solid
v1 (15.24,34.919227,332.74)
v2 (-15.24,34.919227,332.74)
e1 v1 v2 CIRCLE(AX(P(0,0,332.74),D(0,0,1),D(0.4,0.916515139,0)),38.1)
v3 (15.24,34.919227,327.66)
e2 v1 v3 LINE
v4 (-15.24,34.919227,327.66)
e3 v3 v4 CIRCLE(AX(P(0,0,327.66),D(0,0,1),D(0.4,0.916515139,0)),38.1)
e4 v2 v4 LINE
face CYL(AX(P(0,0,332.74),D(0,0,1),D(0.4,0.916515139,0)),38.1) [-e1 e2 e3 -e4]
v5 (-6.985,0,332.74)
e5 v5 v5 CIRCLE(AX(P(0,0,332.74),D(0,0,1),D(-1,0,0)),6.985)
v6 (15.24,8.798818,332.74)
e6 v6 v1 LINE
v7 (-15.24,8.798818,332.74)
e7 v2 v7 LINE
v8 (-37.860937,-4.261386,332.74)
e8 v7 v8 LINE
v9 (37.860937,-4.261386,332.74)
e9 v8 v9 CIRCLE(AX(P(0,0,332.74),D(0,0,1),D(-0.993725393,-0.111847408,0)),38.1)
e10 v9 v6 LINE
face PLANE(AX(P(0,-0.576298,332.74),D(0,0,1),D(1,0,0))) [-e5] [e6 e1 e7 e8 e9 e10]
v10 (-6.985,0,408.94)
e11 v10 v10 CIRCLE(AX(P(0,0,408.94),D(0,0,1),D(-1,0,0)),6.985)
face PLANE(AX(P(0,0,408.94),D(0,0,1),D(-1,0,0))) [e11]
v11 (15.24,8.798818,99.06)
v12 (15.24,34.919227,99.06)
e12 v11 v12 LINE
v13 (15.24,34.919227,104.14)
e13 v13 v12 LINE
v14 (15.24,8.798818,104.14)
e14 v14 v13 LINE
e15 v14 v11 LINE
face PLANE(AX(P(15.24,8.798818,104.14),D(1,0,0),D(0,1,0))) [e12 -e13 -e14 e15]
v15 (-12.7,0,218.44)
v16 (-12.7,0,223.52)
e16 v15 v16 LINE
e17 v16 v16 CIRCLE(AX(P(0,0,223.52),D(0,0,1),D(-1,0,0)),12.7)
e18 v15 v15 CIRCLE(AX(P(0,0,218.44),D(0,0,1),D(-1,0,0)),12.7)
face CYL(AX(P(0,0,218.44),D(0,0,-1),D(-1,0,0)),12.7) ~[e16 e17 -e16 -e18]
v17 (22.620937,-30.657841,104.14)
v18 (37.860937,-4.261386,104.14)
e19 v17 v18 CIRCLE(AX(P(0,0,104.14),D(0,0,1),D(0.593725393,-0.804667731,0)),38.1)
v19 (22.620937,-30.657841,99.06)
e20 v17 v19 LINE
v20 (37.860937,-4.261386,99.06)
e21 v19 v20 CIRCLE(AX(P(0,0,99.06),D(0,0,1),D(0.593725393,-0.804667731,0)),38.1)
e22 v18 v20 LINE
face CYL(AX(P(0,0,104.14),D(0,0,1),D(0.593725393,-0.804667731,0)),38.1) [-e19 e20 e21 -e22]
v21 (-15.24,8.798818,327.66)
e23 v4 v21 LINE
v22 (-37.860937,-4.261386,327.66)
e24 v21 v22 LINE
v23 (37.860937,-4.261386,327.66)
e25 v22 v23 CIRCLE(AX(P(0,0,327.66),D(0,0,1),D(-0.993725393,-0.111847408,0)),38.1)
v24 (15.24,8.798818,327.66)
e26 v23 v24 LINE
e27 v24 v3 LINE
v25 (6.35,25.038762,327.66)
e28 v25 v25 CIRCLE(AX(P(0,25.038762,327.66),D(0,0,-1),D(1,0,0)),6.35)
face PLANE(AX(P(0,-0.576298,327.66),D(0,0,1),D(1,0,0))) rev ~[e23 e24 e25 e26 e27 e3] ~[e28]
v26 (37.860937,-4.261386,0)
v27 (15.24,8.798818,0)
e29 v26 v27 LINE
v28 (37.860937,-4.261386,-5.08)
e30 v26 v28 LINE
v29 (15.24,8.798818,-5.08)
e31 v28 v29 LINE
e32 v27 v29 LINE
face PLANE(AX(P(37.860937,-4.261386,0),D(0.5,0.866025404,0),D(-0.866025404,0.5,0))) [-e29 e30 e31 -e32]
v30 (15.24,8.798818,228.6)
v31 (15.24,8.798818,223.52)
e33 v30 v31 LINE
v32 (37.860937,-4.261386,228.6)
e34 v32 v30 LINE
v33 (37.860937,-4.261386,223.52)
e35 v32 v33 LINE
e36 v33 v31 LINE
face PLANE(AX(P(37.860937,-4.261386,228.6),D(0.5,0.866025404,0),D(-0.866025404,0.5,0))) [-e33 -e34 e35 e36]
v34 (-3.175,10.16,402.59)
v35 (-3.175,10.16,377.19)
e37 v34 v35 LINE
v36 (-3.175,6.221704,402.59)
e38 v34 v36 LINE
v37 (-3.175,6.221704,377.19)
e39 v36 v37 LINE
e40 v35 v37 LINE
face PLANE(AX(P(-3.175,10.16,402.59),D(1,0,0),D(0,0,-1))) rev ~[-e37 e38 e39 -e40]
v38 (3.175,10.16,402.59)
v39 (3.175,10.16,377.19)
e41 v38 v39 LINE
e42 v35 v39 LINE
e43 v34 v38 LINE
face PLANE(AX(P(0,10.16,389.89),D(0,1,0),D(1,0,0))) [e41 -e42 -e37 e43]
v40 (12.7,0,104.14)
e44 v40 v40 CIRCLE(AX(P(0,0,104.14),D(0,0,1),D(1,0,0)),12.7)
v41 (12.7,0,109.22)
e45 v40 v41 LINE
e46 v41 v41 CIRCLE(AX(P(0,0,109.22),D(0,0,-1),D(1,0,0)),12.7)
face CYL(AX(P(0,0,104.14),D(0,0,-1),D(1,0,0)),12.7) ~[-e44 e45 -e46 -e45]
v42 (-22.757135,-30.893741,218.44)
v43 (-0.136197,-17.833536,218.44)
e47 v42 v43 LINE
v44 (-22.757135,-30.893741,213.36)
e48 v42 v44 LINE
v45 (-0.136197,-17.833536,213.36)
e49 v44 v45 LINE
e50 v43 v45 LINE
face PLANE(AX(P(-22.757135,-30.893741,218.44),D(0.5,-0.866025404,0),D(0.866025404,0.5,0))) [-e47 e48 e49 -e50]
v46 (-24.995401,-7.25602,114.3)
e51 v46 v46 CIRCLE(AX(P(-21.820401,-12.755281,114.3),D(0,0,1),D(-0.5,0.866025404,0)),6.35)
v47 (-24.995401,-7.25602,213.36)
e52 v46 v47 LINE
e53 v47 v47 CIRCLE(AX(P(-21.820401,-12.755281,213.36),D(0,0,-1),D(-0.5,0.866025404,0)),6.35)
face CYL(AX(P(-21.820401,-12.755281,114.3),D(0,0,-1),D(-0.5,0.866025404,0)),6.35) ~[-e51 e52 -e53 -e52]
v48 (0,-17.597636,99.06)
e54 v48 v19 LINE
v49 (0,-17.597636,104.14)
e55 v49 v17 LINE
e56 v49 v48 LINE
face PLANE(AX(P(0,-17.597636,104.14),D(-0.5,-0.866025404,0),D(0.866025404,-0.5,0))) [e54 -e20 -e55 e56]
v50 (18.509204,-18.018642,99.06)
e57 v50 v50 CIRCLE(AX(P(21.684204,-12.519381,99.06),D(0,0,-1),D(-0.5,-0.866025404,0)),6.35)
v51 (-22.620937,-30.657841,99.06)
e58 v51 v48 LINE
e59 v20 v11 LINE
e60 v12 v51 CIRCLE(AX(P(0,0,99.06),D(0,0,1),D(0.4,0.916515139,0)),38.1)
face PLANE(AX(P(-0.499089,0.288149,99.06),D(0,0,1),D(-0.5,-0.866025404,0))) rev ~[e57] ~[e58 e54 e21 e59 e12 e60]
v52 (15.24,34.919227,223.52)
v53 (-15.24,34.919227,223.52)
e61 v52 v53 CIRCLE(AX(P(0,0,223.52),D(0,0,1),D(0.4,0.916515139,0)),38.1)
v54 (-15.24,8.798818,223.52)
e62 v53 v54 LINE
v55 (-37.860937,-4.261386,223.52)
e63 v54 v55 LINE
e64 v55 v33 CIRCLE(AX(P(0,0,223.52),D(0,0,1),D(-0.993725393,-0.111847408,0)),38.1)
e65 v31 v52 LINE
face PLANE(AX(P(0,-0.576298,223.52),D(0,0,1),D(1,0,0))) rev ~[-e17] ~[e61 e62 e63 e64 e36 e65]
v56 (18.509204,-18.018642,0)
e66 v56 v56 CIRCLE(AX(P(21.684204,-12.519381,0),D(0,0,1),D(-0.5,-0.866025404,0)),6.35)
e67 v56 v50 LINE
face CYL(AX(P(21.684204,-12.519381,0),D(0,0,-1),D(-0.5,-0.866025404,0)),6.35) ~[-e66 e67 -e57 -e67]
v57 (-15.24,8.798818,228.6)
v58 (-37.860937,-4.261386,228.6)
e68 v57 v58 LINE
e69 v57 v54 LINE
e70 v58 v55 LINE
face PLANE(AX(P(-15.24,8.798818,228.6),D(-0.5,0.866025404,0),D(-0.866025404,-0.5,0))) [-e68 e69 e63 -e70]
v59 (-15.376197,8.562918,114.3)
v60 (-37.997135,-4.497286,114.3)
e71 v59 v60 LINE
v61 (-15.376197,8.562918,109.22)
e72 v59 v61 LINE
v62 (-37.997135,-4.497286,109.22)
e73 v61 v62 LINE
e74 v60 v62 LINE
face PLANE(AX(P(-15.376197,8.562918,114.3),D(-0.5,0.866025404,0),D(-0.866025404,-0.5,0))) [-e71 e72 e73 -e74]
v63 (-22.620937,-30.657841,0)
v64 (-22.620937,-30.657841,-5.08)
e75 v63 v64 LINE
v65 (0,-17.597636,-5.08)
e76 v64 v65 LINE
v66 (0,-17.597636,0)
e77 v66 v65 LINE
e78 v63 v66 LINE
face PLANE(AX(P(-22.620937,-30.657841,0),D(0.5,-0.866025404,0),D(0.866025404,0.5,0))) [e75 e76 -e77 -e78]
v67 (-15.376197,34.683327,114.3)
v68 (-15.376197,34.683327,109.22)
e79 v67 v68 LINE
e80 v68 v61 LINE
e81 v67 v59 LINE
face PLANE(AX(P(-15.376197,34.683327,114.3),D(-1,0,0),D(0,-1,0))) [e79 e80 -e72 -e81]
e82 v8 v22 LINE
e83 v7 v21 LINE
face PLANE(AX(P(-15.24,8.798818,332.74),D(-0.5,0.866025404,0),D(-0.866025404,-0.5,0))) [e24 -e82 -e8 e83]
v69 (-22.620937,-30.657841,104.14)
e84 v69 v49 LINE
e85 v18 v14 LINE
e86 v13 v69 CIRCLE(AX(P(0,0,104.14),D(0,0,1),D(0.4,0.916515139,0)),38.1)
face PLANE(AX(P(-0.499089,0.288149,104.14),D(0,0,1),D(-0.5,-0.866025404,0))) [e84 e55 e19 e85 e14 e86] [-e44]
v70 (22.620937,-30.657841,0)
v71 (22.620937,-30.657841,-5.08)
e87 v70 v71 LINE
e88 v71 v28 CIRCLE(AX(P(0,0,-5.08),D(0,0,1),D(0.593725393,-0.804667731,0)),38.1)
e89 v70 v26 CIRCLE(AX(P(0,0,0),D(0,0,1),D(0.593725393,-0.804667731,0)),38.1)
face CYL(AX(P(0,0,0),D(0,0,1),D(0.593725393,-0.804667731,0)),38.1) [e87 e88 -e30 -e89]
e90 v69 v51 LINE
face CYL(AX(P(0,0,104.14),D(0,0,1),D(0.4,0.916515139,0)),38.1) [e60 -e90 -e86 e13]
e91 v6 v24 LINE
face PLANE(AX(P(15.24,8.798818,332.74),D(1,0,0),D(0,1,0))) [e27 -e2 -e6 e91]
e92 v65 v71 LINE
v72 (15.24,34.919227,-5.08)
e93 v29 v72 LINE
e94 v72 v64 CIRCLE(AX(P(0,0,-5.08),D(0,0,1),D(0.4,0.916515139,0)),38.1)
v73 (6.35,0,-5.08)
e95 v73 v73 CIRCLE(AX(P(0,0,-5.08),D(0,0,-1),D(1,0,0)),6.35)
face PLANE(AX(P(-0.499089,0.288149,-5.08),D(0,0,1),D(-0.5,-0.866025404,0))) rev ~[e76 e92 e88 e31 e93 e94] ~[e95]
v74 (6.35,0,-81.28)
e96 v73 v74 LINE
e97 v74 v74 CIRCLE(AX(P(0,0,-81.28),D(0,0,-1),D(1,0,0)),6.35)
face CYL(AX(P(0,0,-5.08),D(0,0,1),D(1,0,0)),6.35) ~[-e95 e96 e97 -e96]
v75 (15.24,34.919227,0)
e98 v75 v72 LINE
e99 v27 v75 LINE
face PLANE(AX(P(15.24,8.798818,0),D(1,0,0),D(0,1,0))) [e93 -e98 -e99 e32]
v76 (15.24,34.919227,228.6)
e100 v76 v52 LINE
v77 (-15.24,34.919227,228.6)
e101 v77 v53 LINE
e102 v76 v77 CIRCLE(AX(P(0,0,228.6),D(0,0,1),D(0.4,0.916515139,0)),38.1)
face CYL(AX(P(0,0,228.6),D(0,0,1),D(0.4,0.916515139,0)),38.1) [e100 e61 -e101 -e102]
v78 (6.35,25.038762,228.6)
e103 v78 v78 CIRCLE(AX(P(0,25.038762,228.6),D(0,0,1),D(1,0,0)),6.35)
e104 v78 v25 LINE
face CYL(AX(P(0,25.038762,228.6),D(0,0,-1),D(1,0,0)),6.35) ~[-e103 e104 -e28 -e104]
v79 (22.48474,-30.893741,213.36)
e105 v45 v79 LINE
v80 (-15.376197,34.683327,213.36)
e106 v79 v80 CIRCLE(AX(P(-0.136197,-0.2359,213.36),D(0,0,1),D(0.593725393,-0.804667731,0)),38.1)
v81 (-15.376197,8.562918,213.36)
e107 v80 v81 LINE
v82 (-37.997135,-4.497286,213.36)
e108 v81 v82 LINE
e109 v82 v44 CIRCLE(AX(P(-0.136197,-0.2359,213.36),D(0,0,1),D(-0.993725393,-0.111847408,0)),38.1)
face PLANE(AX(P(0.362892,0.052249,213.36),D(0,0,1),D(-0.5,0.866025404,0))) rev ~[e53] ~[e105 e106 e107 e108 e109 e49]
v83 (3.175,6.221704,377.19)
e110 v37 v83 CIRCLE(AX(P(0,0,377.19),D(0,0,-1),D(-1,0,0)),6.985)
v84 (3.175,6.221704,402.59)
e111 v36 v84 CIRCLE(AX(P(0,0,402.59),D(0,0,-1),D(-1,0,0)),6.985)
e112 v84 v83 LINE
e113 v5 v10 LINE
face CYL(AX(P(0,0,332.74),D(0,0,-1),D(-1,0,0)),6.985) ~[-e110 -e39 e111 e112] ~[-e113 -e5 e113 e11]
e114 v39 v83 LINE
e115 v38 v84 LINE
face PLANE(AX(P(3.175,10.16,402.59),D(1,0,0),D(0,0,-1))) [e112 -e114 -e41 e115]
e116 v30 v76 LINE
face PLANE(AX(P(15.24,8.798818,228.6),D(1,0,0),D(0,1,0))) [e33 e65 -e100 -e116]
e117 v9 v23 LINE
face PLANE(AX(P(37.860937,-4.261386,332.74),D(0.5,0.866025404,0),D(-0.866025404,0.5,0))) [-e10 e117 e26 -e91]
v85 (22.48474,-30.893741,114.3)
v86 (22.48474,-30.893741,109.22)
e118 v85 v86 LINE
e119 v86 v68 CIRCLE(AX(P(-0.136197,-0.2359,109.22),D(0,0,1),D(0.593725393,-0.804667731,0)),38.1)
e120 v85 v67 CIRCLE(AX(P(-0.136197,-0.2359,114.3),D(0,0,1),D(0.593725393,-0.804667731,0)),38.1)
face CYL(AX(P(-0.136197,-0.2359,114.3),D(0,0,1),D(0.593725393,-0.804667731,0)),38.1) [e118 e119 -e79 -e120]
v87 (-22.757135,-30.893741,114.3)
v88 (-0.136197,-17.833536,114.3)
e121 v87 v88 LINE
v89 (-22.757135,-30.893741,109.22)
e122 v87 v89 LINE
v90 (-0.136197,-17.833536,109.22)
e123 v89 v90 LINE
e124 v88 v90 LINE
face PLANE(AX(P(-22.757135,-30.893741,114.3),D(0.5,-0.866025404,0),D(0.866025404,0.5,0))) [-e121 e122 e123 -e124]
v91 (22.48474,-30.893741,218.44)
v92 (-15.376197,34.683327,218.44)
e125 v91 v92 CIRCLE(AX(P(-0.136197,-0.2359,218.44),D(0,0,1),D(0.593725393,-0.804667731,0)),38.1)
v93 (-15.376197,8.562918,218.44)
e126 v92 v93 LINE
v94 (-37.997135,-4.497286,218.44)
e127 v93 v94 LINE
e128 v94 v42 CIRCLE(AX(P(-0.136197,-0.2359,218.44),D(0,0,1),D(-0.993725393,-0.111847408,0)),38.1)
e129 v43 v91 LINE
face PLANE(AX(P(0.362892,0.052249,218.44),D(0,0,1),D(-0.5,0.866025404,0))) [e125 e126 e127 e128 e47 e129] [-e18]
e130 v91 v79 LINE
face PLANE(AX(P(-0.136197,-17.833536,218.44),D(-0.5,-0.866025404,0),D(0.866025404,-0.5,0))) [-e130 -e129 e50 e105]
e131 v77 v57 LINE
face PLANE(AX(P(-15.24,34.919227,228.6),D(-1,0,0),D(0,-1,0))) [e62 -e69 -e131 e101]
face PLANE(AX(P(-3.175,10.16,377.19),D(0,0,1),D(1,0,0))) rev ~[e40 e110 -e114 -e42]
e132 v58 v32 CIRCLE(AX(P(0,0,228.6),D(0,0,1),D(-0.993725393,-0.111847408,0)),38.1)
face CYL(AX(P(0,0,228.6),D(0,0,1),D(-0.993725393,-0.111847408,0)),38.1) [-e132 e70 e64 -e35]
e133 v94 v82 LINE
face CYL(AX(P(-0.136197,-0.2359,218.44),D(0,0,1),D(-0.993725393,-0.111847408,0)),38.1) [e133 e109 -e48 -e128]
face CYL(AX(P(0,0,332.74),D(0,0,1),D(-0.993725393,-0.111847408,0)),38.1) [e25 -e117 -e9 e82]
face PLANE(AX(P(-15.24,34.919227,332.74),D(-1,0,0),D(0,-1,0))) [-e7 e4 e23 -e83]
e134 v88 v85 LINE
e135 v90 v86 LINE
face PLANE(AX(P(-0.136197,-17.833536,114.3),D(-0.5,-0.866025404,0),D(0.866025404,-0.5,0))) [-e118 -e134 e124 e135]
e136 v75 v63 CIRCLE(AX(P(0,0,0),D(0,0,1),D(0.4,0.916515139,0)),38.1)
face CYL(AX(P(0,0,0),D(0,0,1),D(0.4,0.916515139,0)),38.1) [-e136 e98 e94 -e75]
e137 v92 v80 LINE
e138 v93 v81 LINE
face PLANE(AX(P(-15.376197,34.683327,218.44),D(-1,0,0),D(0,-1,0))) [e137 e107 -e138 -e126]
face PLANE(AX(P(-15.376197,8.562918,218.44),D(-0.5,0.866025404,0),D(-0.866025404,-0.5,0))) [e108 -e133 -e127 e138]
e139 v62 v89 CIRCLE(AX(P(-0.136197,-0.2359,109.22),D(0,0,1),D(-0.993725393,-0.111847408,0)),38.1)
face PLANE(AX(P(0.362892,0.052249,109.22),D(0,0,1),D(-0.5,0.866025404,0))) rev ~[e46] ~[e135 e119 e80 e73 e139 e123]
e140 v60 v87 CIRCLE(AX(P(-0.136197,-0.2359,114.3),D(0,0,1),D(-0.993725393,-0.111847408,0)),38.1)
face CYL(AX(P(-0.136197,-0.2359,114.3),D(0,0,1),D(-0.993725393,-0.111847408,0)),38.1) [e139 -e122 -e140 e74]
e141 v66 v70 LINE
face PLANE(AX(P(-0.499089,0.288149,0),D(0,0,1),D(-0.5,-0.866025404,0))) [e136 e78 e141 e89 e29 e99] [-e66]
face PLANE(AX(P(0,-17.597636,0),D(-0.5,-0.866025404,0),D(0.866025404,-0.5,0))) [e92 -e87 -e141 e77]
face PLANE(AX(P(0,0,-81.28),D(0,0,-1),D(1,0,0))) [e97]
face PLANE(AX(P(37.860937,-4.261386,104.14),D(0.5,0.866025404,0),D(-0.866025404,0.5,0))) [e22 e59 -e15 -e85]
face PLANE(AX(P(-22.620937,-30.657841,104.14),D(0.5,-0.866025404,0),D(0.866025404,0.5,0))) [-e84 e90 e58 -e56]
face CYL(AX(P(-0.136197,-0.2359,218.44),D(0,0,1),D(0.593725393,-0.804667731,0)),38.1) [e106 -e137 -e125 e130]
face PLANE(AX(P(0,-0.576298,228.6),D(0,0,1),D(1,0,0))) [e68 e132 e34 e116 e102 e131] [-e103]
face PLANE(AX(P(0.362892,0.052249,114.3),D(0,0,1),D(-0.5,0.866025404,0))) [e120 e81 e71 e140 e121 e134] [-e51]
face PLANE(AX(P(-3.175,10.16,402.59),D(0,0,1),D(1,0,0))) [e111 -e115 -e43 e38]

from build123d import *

# Parameters (mm, degrees)
BOSS_EXTRUDE1_DEPTH      = 5.08
LPATTERN1_COUNT          = 2
LPATTERN1_PITCH          = 104.14
BOSS_EXTRUDE2_REACH      = 119.176
SKETCH3_R                = 6.35
LPATTERN2_COUNT          = 3
LPATTERN2_PITCH          = 114.3
BODY_MOVE_COPY2_ANGLE    = 120
BODY_MOVE_COPY3_ANGLE    = 120
BOSS_EXTRUDE3_REACH      = 236.864
SKETCH5_R                = 12.7
BOSS_EXTRUDE4_START      = 114.3
SKETCH5_2_R              = 12.7
BOSS_EXTRUDE4_DEPTH      = 5.08
SKETCH6_R                = 6.985
BOSS_EXTRUDE5_DEPTH      = 76.2
SKETCH7_R                = 6.35
BOSS_EXTRUDE6_DEPTH      = 76.2
BOSS_EXTRUDE7_REACH      = 424.634
BOSS_EXTRUDE7_END_RADIUS = 6.985
BOSS_EXTRUDE7_START      = 10.16
SKETCH8_W                = 6.35
SKETCH8_H                = 25.4


with BuildPart() as part:
    # Sketch2 → Boss-Extrude1 (new body)
    with BuildSketch(Plane.XY):
        with BuildLine():
            Line((15.24, 8.798818102), (15.24, 34.919226796))
            ThreePointArc((15.24, 34.919226796), (0, 38.1), (-15.24, 34.919226796))
            Line((-15.24, 34.919226796), (-15.24, 8.798818102))
            Line((-15.24, 8.798818102), (-37.860937485, -4.261386244))
            ThreePointArc((-37.860937485, -4.261386244), (0, -38.1), (37.860937485, -4.261386244))
            Line((37.860937485, -4.261386244), (15.24, 8.798818102))
        make_face()
    extrude(amount=-BOSS_EXTRUDE1_DEPTH)


with BuildPart() as lpattern1_1:
    # LPattern1: pattern copy
    add(part.part.moved(Location(Vector(0, 0, 1) * (1 * LPATTERN1_PITCH))))

    # Sketch3 → Boss-Extrude2 (add, up to next)
    with BuildSketch(Plane.XY, mode=Mode.PRIVATE) as boss_extrude2_sk1:
        with Locations((0, 25.038762276)):
            Circle(SKETCH3_R)
    boss_extrude2_tool1 = extrude(boss_extrude2_sk1.sketch, amount=BOSS_EXTRUDE2_REACH, mode=Mode.PRIVATE) - lpattern1_1.part

    add(part.part)  # Boss-Extrude2 merges part
    add(boss_extrude2_tool1.solids().sort_by_distance((0, 25.038762, 0))[0])


with BuildPart() as lpattern2_1:
    # LPattern2: pattern copy
    add(lpattern1_1.part.moved(Location(Vector(0, 0, 1) * (1 * LPATTERN2_PITCH))))


with BuildPart() as lpattern2_2:
    # LPattern2: pattern copy
    add(lpattern1_1.part.moved(Location(Vector(0, 0, 1) * (2 * LPATTERN2_PITCH))))


with BuildPart() as lpattern2_1_1:
    # Body-Move/Copy2: moved
    add(lpattern2_1.part.rotate(Axis((0, -0.157266766, 0), (0, 0, 1)), BODY_MOVE_COPY2_ANGLE))

    # Sketch5 → Boss-Extrude3 (add, up to next)
    with BuildSketch(Plane.XY.offset(104.14), mode=Mode.PRIVATE) as boss_extrude3_sk1:
        Circle(SKETCH5_R)
    boss_extrude3_tool1 = extrude(boss_extrude3_sk1.sketch, amount=BOSS_EXTRUDE3_REACH, mode=Mode.PRIVATE) - lpattern2_1_1.part


with BuildPart() as lpattern1_1_1:
    # Body-Move/Copy3: moved
    add(lpattern1_1.part.rotate(Axis((0, 0, 0), (0, 0, -1)), BODY_MOVE_COPY3_ANGLE))


with BuildPart() as lpattern2_1_2:
    add(lpattern2_1_1.part)

    add(lpattern1_1_1.part)  # Boss-Extrude3 merges LPattern1_1
    add(boss_extrude3_tool1.solids().sort_by_distance((0, 0, 104.14))[0])


    add(lpattern2_2.part)  # Boss-Extrude4 merges LPattern2_2
    # Sketch5<2> → Boss-Extrude4 (add)
    with BuildSketch(Plane.XY.offset(104.14).offset(BOSS_EXTRUDE4_START)):
        with Locations(Location((0, 0, 0), (0, 0, 180))):
            Circle(SKETCH5_2_R)
    extrude(amount=BOSS_EXTRUDE4_DEPTH)

    # Sketch6 → Boss-Extrude5 (add)
    with BuildSketch(Plane.XY.offset(332.74)):
        with Locations(Location((0, 0, 0), (0, 0, 180))):
            Circle(SKETCH6_R)
    extrude(amount=BOSS_EXTRUDE5_DEPTH)

    # Sketch7 → Boss-Extrude6 (add)
    with BuildSketch(Plane(origin=(0, 0, -5.08), x_dir=(-1, 0, 0), z_dir=(0, 0, -1))):
        with Locations(Location((0, 0, 0), (0, 0, 180))):
            Circle(SKETCH7_R)
    extrude(amount=BOSS_EXTRUDE6_DEPTH)

    # Boss-Extrude7: up to this cylinder (the profile starts outside it)
    boss_extrude7_end = Plane(origin=(0, 0, 389.89), z_dir=(0, 0, -1)) * Cylinder(BOSS_EXTRUDE7_END_RADIUS, 864.238, mode=Mode.PRIVATE)
    # Sketch8 → Boss-Extrude7 (add, up to the surface)
    with BuildSketch(Plane(origin=(0, 0, 0), x_dir=(1, 0, 0), z_dir=(0, 1, 0)).offset(BOSS_EXTRUDE7_START), mode=Mode.PRIVATE) as boss_extrude7_sk1:
        with Locations((0, -389.89)):
            Rectangle(SKETCH8_W, SKETCH8_H)
    boss_extrude7_tool1 = extrude(boss_extrude7_sk1.sketch, amount=-BOSS_EXTRUDE7_REACH, mode=Mode.PRIVATE) - boss_extrude7_end
    add(boss_extrude7_tool1.solids().sort_by_distance((0, 10.16, 389.89))[0])


solid = lpattern2_1_2.part
